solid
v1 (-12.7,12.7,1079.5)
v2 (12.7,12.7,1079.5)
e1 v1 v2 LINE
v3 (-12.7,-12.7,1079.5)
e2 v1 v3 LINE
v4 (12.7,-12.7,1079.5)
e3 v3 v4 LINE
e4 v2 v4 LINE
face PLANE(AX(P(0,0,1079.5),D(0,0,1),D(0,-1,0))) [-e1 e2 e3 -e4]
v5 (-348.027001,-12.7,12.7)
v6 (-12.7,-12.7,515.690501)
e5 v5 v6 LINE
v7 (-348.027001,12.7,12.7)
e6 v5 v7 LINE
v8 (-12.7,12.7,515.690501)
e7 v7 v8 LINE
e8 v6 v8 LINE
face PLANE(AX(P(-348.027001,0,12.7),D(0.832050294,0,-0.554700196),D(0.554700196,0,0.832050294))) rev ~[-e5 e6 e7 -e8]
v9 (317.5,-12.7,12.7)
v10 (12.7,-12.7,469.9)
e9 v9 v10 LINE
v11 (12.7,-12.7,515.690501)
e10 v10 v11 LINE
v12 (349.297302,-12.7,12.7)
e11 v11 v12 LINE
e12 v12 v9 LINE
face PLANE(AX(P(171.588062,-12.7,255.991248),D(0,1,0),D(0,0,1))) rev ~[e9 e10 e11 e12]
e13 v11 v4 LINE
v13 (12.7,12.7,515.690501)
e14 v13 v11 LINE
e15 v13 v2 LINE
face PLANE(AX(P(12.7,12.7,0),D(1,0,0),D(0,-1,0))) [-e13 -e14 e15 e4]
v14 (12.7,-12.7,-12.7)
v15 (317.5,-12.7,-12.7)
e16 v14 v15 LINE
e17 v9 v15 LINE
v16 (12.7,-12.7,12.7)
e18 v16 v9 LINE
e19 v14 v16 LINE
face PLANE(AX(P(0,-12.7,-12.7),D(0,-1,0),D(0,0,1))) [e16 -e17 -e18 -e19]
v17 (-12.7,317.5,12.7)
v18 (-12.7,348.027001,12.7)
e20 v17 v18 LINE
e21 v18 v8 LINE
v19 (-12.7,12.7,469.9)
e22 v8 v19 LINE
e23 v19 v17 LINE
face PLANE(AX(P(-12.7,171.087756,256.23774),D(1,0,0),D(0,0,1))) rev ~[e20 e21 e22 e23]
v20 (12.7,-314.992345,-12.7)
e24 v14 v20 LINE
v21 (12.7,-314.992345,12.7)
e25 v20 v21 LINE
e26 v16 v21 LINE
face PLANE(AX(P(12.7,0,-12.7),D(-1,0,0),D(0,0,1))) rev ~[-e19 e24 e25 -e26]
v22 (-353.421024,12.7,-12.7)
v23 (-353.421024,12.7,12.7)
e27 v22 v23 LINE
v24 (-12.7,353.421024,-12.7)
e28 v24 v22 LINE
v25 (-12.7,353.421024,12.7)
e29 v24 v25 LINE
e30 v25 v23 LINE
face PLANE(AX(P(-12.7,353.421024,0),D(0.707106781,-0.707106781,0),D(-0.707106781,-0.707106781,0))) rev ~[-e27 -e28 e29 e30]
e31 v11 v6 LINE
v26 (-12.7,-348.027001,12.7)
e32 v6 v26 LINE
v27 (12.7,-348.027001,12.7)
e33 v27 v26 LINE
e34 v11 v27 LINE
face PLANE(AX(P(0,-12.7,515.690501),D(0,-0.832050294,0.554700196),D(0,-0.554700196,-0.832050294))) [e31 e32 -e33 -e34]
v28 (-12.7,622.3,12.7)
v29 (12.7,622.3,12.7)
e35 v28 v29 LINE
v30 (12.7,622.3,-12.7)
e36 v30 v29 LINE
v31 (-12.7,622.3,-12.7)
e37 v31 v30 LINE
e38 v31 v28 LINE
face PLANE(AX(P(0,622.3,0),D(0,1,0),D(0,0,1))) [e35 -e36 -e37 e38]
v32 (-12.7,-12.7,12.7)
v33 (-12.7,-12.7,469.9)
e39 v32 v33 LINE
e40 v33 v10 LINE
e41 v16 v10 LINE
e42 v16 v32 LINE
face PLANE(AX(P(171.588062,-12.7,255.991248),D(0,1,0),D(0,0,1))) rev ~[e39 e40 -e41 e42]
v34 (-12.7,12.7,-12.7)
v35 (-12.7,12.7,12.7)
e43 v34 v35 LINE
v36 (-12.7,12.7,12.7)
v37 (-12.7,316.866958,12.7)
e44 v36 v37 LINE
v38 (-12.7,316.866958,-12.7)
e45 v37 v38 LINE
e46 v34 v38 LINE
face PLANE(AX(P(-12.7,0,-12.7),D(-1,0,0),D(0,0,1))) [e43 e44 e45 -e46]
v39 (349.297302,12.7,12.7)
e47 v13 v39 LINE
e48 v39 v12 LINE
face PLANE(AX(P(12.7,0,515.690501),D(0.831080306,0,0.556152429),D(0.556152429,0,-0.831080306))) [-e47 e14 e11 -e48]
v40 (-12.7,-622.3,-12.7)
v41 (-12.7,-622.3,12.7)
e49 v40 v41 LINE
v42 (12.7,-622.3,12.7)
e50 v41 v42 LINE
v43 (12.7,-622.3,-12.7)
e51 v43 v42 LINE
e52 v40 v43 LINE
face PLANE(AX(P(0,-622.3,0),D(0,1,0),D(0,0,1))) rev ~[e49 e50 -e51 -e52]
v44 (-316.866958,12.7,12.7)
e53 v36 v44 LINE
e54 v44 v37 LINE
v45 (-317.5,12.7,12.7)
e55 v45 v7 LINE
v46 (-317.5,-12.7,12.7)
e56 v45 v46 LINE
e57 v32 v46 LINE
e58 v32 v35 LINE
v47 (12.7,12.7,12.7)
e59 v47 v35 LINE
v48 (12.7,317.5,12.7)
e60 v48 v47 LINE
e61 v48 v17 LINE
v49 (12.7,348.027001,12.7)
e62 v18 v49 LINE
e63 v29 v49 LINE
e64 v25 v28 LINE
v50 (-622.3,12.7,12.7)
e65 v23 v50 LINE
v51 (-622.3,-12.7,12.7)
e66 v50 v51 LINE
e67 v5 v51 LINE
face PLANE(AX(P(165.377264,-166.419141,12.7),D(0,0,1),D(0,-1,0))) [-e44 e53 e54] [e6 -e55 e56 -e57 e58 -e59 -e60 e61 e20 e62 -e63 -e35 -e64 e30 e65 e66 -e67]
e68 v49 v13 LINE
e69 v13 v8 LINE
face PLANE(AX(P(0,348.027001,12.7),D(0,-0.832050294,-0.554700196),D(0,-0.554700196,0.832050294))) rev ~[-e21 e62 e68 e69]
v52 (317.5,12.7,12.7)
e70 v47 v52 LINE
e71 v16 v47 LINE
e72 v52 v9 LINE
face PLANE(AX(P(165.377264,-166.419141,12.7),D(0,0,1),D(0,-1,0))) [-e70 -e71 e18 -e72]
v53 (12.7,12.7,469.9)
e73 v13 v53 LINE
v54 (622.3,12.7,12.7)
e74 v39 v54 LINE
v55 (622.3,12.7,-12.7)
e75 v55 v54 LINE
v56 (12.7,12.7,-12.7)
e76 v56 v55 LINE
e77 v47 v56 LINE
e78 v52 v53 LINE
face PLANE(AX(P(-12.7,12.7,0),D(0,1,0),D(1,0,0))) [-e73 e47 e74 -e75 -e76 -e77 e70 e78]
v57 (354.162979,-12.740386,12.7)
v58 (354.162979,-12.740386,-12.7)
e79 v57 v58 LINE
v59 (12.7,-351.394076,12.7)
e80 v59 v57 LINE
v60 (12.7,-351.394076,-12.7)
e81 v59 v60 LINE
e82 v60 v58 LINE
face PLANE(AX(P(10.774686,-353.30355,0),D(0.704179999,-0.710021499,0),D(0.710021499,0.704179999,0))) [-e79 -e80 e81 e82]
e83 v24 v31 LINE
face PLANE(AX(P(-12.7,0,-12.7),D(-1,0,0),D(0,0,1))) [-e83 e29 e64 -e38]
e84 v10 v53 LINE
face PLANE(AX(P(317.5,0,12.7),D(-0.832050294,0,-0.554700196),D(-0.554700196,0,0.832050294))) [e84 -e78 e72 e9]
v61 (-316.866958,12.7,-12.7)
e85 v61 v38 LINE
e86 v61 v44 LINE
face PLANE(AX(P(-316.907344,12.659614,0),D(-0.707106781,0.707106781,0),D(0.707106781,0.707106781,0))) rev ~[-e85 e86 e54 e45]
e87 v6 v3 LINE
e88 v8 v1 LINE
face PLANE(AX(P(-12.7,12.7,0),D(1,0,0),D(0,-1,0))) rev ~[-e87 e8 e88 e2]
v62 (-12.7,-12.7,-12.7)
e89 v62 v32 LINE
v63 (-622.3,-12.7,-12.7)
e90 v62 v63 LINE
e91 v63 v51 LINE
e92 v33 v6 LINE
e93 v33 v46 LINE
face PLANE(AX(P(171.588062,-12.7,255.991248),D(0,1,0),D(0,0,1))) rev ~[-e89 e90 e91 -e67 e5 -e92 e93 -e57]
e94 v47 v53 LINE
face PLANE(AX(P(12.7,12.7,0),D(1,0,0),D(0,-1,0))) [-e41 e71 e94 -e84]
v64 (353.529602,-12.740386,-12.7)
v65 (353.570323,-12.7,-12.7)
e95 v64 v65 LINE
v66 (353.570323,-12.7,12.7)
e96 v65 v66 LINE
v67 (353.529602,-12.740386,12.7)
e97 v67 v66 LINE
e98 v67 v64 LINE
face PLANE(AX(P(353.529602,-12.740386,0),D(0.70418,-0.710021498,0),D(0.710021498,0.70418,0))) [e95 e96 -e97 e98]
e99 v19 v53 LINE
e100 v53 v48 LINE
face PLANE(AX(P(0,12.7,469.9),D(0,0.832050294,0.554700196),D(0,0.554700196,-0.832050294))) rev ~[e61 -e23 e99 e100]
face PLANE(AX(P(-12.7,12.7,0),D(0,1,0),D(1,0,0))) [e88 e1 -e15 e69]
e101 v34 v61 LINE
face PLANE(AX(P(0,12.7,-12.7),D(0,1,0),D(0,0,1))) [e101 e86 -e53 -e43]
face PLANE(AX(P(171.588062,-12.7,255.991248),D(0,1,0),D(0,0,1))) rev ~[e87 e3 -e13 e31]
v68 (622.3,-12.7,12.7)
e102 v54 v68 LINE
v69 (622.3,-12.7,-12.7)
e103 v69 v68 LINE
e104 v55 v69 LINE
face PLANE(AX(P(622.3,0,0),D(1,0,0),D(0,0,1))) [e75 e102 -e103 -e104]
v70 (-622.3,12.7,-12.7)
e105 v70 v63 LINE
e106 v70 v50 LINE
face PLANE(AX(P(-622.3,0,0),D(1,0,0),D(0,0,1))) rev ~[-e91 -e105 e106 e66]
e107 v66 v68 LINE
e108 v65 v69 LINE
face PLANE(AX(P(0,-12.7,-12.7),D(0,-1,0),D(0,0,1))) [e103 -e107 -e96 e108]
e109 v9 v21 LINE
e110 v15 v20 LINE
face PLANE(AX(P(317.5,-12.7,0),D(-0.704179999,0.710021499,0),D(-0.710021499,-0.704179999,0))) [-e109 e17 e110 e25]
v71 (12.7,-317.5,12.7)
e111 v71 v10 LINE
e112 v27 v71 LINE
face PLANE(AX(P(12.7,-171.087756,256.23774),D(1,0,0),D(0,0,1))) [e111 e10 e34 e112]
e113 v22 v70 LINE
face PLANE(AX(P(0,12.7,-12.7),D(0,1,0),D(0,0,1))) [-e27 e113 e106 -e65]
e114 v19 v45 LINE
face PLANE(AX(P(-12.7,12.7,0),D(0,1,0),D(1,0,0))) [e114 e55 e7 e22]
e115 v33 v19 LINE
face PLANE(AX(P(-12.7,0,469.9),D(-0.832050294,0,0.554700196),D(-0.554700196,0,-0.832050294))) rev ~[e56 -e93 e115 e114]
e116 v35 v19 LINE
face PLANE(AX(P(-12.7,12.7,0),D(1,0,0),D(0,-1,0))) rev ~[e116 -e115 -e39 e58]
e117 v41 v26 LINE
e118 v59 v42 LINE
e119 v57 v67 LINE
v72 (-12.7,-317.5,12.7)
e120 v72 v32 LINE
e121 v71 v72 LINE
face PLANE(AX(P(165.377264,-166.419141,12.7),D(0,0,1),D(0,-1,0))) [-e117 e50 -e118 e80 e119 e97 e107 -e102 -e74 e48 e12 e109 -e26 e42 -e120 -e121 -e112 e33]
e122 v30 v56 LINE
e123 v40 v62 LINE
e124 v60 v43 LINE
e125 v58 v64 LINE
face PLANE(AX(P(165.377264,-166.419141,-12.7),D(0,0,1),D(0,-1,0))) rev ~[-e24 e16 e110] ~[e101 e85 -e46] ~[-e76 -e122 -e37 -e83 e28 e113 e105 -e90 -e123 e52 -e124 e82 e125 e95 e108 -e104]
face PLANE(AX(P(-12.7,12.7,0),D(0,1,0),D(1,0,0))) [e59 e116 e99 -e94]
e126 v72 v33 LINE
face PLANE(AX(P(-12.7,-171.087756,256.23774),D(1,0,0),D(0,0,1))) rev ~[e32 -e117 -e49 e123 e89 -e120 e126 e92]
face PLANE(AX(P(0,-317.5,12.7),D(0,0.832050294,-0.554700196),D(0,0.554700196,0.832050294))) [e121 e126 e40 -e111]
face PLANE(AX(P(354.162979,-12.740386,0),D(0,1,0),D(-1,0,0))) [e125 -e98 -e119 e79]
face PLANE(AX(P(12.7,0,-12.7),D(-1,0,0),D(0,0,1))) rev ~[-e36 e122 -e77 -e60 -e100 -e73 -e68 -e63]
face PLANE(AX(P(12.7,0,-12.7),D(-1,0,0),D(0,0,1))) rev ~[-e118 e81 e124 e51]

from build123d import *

# Parameters (mm, degrees)
F0_W      = 25.4
F0_H      = 25.4
F1_DEPTH  = 622.3
F2_W      = 25.4
F2_H      = 25.4
F3_DEPTH  = 622.3
F4_W      = 25.4
F4_H      = 25.4
F5_DEPTH  = 622.3
F6_W      = 25.4
F6_H      = 25.4
F7_DEPTH  = 622.3
F9_DEPTH  = 12.7
F10_DEPTH = 12.7
F11_W     = 25.4
F11_H     = 25.4
F12_DEPTH = 1079.5
F14_DEPTH = 12.7
F15_DEPTH = 12.7
F17_DEPTH = 12.7
F18_DEPTH = 12.7
F19_ANGLE = 90
F21_ANGLE = 180


with BuildPart() as f1:
    # F0 (on Front) → F1 (new body)
    with BuildSketch(Plane.XZ):
        Rectangle(F0_W, F0_H)
    extrude(amount=F1_DEPTH)

    # F2 (on Front) → F3 (join)
    with BuildSketch(Plane.XZ):
        Rectangle(F2_W, F2_H)
    extrude(amount=-F3_DEPTH)

    # F4 (on Top) → F5 (join)
    with BuildSketch(Plane.XY):
        Rectangle(F4_W, F4_H)
    extrude(amount=-F5_DEPTH)



with BuildPart() as f7:
    # F6 (on Top) → F7 (new body)
    with BuildSketch(Plane.XY):
        Rectangle(F6_W, F6_H)
    extrude(amount=F7_DEPTH)


with BuildPart() as f1_1:
    add(f1.part)

    add(f7.part)  # F9 merges F7
    # F8 (on Right) → F9 (join)
    with BuildSketch(Plane.YZ):
        Polygon((12.7, 317.5), (317.4895992739, 10.1820296971), (353.2631639393, 10.1820296971), (352.6753836214, 10.7746859253), (317.529985282, 10.7746859253), (12.7403860081, 318.0926562282), (12.7403860081, 353.5296019405), (12.7, 353.5703229692), align=None)
        Polygon((317.529985282, 10.7746859253), (352.6753836214, 10.7746859253), (12.7403860081, 353.5296019405), (12.7403860081, 318.0926562282), align=None)
        Polygon((12.7403860081, 353.5296019405), (352.6753836214, 10.7746859253), (353.3035499474, 10.7746859253), (12.7403860081, 354.1629791974), align=None)
        Polygon((-352.787982248, -12.7), (-317.5, -12.7), (-12.7, -317.5), (-12.7, -352.787982248), (-12.6596139919, -352.8283682561), (-12.6596139919, -316.9073437718), (-317.4596139919, -12.1073437718), (-353.3806384762, -12.1073437718), align=None)
        Polygon((-12.7, -317.5), (-317.5, -12.7), (-352.787982248, -12.7), (-12.7, -352.787982248), align=None)
        Polygon((-12.7, -352.787982248), (-352.787982248, -12.7), (-353.4210244843, -12.7), (-12.7, -353.4210244843), align=None)
    extrude(amount=F9_DEPTH)

    # F8 (on Right) → F10 (join)
    with BuildSketch(Plane.YZ):
        Polygon((12.7, 317.5), (317.4895992739, 10.1820296971), (353.2631639393, 10.1820296971), (352.6753836214, 10.7746859253), (317.529985282, 10.7746859253), (12.7403860081, 318.0926562282), (12.7403860081, 353.5296019405), (12.7, 353.5703229692), align=None)
        Polygon((317.529985282, 10.7746859253), (352.6753836214, 10.7746859253), (12.7403860081, 353.5296019405), (12.7403860081, 318.0926562282), align=None)
        Polygon((12.7403860081, 353.5296019405), (352.6753836214, 10.7746859253), (353.3035499474, 10.7746859253), (12.7403860081, 354.1629791974), align=None)
        Polygon((-352.787982248, -12.7), (-317.5, -12.7), (-12.7, -317.5), (-12.7, -352.787982248), (-12.6596139919, -352.8283682561), (-12.6596139919, -316.9073437718), (-317.4596139919, -12.1073437718), (-353.3806384762, -12.1073437718), align=None)
        Polygon((-12.7, -317.5), (-317.5, -12.7), (-352.787982248, -12.7), (-12.7, -352.787982248), align=None)
        Polygon((-12.7, -352.787982248), (-352.787982248, -12.7), (-353.4210244843, -12.7), (-12.7, -353.4210244843), align=None)
    extrude(amount=-F10_DEPTH)

    # F11 (on Right) → F12 (join)
    with BuildSketch(Plane.YZ):
        Rectangle(F11_W, F11_H)
    extrude(amount=F12_DEPTH)

    # F13 (on Front) → F14 (join)
    with BuildSketch(Plane.XZ):
        Polygon((12.7, 349.2973023653), (12.7, 317.5), (469.9, 12.7), (515.6905011984, 12.7), align=None)
        Polygon((515.6905011984, -12.7), (469.9, -12.7), (12.7, -317.5), (12.7, -348.0270007989), align=None)
    extrude(amount=F14_DEPTH)

    # F13 (on Front) → F15 (join)
    with BuildSketch(Plane.XZ):
        Polygon((12.7, 349.2973023653), (12.7, 317.5), (469.9, 12.7), (515.6905011984, 12.7), align=None)
        Polygon((515.6905011984, -12.7), (469.9, -12.7), (12.7, -317.5), (12.7, -348.0270007989), align=None)
    extrude(amount=-F15_DEPTH)

    # F16 (on Top) → F17 (join)
    with BuildSketch(Plane.XY):
        Polygon((12.7, 317.5), (469.9, 12.7), (515.6905011984, 12.7), (12.7, 348.0270007989), align=None)
        Polygon((515.6905011984, -12.7), (469.9, -12.7), (12.7, -317.5), (12.7, -348.0270007989), align=None)
    extrude(amount=F17_DEPTH)

    # F16 (on Top) → F18 (join)
    with BuildSketch(Plane.XY):
        Polygon((12.7, 317.5), (469.9, 12.7), (515.6905011984, 12.7), (12.7, 348.0270007989), align=None)
        Polygon((515.6905011984, -12.7), (469.9, -12.7), (12.7, -317.5), (12.7, -348.0270007989), align=None)
    extrude(amount=-F18_DEPTH)


with BuildPart() as f1_2:
    # F19: moved
    add(f1_1.part.rotate(Axis((-12.7, -311.15, -12.7), (0, 1, 0)), F19_ANGLE))


with BuildPart() as f1_3:
    # F20: moved
    add(f1_2.part.moved(Location((0, 0, -25.4))))


with BuildPart() as f1_4:
    # F21: moved
    add(f1_3.part.rotate(Axis((311.15, 12.7, -38.1), (-1, 0, 0)), F21_ANGLE))


with BuildPart() as f1_5:
    # F22: moved
    add(f1_4.part.moved(Location((0, -25.4, 0))))


with BuildPart() as f1_6:
    # F23: moved
    add(f1_5.part.moved(Location((0, 0, 25.4))))


solid = f1_6.part
